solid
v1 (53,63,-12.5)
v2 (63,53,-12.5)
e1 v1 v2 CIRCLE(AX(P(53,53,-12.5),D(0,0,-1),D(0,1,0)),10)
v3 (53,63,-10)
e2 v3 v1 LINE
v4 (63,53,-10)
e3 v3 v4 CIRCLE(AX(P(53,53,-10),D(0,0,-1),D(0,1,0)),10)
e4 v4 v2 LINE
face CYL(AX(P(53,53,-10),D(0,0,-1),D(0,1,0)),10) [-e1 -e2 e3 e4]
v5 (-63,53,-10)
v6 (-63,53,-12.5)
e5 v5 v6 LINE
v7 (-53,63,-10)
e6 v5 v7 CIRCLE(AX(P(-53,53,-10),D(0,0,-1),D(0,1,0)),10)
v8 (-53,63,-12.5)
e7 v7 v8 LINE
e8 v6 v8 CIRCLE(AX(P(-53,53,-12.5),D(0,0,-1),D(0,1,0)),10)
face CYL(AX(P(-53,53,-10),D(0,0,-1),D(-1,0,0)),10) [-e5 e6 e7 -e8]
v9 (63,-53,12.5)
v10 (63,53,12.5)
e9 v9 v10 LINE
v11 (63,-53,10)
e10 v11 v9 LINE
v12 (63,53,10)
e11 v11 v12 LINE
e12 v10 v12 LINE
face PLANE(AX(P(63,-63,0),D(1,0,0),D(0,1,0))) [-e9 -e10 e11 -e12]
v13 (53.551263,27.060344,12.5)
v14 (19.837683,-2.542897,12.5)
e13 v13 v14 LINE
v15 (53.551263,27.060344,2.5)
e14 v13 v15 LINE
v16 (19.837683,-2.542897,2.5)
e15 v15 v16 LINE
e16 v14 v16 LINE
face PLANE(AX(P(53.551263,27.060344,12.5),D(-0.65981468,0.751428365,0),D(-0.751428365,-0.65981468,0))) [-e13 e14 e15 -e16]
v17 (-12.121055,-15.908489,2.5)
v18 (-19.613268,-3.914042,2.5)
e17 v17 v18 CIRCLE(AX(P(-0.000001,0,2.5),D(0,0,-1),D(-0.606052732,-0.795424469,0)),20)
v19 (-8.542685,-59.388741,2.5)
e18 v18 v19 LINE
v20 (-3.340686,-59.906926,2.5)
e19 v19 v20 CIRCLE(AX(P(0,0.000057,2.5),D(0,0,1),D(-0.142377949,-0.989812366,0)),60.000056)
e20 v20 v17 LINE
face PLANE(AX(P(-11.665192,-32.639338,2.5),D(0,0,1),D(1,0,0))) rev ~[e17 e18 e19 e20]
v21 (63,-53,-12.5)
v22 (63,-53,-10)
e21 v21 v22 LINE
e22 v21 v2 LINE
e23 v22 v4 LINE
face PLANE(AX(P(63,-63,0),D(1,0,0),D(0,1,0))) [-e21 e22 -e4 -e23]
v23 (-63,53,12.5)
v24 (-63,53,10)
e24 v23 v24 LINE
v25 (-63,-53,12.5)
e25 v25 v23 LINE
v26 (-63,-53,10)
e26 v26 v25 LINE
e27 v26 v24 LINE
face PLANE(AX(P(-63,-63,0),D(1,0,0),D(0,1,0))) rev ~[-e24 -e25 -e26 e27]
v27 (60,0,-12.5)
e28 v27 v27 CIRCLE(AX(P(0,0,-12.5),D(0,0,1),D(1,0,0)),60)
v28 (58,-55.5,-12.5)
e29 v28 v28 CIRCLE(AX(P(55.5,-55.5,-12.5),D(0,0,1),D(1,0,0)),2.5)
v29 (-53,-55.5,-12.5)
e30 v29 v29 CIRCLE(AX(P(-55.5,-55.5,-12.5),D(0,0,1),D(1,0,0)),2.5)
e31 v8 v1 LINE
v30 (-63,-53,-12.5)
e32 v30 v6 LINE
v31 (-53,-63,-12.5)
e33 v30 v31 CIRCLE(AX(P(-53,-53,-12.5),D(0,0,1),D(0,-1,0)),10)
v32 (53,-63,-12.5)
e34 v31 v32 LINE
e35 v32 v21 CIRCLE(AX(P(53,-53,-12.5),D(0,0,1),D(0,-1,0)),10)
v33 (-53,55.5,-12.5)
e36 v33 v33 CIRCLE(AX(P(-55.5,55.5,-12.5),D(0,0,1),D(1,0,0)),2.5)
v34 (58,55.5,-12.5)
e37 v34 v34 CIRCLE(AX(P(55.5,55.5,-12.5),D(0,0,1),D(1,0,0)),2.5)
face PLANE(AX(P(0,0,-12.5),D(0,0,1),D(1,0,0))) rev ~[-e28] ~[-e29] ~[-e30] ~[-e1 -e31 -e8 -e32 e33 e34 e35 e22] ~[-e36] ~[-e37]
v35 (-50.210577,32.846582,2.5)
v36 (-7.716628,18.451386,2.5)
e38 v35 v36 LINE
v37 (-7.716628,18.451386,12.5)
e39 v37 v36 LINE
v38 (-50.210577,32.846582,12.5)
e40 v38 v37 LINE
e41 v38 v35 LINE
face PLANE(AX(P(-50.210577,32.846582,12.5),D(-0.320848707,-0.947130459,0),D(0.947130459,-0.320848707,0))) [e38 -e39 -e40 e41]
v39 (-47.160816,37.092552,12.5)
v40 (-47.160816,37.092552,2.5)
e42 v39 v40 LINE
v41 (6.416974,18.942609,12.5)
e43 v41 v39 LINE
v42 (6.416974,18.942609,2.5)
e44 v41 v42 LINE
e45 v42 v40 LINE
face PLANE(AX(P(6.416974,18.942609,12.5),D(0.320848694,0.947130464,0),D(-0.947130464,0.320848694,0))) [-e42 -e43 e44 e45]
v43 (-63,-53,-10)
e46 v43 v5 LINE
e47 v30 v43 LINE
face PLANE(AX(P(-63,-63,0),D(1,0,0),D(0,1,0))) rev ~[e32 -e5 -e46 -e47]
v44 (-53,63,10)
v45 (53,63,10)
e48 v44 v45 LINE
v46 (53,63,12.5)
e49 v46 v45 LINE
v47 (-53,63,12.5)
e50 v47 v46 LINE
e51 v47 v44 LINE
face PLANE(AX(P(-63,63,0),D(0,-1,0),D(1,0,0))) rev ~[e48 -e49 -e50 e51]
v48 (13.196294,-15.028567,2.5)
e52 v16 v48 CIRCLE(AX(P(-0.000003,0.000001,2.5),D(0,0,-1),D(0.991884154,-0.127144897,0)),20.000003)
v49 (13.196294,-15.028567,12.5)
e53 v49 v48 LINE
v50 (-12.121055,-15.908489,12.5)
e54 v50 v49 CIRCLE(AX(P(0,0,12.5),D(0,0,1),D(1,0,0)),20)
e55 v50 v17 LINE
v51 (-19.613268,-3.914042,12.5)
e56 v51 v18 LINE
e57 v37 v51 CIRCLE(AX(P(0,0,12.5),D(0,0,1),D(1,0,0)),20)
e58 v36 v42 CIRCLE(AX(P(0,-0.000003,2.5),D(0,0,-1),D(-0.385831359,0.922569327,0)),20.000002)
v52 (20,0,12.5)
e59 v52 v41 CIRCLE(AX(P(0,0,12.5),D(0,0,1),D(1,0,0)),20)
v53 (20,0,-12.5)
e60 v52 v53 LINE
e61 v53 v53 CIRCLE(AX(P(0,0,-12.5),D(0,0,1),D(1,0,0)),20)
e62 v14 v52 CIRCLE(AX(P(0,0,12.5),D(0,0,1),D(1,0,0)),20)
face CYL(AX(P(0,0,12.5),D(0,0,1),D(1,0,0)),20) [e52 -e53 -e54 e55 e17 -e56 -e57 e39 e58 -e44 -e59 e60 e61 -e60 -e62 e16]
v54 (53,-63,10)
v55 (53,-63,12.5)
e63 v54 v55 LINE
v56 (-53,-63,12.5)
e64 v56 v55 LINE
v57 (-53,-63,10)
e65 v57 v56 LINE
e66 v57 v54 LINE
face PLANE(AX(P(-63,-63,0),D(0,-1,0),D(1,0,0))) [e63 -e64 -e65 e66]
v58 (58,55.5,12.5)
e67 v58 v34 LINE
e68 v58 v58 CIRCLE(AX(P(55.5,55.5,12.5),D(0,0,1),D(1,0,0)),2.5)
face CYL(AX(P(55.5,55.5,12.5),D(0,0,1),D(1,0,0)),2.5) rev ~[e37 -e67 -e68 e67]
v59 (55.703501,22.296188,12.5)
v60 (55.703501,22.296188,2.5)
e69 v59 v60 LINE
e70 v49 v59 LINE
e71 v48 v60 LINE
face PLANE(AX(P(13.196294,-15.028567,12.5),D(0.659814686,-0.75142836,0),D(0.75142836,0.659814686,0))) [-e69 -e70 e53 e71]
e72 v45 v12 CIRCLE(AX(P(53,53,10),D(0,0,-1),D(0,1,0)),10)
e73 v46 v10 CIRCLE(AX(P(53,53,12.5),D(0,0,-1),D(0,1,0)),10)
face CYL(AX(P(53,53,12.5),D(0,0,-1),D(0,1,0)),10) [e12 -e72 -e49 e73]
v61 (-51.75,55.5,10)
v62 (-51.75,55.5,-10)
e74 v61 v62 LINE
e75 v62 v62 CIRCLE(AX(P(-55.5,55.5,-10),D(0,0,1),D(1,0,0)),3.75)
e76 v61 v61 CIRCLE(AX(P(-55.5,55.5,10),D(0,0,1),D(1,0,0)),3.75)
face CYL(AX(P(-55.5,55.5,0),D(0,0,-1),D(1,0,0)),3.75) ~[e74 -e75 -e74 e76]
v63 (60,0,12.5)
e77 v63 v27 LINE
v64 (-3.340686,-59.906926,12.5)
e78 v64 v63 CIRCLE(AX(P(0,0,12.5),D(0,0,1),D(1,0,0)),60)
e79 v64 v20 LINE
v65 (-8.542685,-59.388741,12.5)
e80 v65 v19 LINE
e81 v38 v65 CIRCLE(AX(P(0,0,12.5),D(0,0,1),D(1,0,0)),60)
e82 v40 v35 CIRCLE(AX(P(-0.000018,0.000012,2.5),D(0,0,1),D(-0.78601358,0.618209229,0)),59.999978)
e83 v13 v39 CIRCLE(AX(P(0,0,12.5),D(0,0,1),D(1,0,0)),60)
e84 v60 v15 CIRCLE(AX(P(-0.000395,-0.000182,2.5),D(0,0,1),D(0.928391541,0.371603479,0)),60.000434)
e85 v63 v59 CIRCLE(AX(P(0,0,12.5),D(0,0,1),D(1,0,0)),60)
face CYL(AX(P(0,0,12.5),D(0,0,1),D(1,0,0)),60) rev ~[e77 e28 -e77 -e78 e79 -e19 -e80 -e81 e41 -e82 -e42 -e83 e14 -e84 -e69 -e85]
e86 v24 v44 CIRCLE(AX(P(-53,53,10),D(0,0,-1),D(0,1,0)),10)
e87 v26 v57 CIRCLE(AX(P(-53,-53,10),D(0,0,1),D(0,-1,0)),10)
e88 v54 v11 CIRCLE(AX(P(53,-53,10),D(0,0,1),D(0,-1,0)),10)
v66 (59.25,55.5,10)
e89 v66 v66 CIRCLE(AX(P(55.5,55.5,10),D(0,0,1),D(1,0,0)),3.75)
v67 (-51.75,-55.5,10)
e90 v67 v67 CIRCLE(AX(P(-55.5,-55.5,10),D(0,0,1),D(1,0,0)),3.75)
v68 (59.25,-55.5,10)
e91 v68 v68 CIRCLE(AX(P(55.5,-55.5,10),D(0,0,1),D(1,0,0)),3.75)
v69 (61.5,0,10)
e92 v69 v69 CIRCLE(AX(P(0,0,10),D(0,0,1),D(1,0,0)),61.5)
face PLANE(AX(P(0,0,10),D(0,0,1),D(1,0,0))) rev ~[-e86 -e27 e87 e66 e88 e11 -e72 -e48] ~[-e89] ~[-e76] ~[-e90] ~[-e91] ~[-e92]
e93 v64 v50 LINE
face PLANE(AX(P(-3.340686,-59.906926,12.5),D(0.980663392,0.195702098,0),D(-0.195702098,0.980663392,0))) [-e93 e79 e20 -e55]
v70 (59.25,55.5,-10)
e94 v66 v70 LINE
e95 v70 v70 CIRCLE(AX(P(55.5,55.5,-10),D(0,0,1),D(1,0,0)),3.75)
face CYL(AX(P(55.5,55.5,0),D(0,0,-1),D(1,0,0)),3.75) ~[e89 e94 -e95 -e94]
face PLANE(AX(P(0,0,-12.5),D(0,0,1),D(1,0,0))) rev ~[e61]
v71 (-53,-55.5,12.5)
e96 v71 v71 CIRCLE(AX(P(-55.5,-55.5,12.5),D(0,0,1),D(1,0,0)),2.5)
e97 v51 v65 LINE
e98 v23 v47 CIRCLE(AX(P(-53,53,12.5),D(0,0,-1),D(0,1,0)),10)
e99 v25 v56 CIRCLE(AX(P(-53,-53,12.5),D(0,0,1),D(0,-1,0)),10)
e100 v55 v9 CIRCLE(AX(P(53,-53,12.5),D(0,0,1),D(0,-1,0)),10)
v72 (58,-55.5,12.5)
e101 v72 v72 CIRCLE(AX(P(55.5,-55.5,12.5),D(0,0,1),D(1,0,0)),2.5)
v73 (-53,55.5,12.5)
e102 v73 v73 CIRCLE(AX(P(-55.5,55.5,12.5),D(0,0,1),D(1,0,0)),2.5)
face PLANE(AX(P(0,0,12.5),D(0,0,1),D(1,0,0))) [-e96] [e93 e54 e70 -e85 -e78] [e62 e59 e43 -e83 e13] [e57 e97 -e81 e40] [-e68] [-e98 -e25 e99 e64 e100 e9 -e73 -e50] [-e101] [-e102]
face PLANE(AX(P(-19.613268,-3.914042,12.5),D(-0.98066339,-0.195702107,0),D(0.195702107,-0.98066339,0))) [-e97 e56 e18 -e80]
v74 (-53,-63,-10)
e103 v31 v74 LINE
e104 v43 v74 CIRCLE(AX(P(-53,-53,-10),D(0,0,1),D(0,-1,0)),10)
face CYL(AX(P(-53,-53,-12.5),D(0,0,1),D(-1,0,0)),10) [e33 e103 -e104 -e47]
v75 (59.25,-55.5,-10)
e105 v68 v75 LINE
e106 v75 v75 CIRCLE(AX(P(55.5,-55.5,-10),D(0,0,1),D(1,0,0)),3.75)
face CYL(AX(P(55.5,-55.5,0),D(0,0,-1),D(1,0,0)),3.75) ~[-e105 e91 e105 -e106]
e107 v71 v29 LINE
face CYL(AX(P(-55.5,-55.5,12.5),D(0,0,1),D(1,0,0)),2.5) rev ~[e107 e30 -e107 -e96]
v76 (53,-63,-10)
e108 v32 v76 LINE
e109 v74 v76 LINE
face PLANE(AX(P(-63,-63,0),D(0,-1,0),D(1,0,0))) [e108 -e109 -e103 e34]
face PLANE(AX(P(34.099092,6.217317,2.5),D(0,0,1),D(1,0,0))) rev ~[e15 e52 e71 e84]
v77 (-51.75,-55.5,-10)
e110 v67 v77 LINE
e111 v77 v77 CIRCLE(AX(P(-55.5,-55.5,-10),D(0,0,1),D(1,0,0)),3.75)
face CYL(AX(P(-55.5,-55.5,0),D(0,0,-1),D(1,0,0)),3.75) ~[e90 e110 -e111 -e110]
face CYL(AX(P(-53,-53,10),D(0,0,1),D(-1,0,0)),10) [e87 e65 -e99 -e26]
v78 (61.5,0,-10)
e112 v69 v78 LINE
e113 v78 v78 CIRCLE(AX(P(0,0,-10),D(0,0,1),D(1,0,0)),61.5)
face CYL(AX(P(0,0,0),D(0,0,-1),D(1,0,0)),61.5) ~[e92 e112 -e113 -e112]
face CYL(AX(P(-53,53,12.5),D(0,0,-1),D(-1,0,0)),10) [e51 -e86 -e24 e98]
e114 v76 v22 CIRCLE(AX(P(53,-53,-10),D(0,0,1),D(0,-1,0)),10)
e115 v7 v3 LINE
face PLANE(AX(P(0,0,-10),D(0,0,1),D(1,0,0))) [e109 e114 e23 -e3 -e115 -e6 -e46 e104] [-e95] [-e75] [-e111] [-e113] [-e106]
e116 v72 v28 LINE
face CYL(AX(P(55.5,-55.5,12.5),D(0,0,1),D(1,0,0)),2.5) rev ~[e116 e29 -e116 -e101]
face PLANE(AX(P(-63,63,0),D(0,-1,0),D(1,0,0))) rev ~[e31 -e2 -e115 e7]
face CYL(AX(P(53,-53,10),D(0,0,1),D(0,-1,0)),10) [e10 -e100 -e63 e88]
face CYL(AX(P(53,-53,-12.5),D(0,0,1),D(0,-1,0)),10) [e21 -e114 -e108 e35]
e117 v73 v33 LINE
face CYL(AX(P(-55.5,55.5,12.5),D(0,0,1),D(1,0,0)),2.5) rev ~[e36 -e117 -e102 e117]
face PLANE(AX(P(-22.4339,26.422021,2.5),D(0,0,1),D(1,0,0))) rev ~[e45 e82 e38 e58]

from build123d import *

# Parameters (mm, degrees)
F0_W     = 126
F0_H     = 126
F1_DEPTH = 12.5
F6_R     = 60
F6_R_2   = 20
F6_R_3   = 2.5
F7_DEPTH = 25.001
F3_DEPTH = 10
F4_W     = 126
F4_H     = 126
F4_R     = 3.75
F4_R_2   = 61.5
F8_DEPTH = 10
F5_R     = 10


with BuildPart() as f1:
    # F0 (on Top) → F1 (new body, symmetric)
    with BuildSketch(Plane.XY):
        Rectangle(F0_W, F0_H)
    extrude(amount=F1_DEPTH, both=True)

    # F6 (on face) → F7 (cut, through all)
    with BuildSketch(Plane.XY.offset(12.5)):
        Circle(F6_R)
        Circle(F6_R_2, mode=Mode.SUBTRACT)
        with Locations((55.5, -55.5)):
            Circle(F6_R_3)
        with Locations((-55.5, -55.5)):
            Circle(F6_R_3)
        with Locations((-55.5, 55.5)):
            Circle(F6_R_3)
        with Locations((55.5, 55.5)):
            Circle(F6_R_3)
    extrude(amount=-F7_DEPTH, mode=Mode.SUBTRACT)

    # F2 (on face) → F3 (join)
    with BuildSketch(Plane.XY.offset(12.5)):
        with BuildLine():
            Line((6.416974, 18.942609), (-47.160816, 37.092552))
            ThreePointArc((-47.160816, 37.092552), (-48.731962, 35.002798), (-50.210577, 32.846582))
            Line((-50.210577, 32.846582), (-7.716628, 18.451386))
            ThreePointArc((-7.716628, 18.451386), (-0.694694, 19.987931), (6.416974, 18.942609))
        make_face()
        with BuildLine():
            ThreePointArc((-8.542685, -59.388741), (-5.947332, -59.704516), (-3.340686, -59.906926))
            Line((-3.340686, -59.906926), (-12.121055, -15.908489))
            ThreePointArc((-12.121055, -15.908489), (-16.962709, -10.595589), (-19.613268, -3.914042))
            Line((-19.613268, -3.914042), (-8.542685, -59.388741))
        make_face()
        with BuildLine():
            ThreePointArc((55.703501, 22.296188), (54.679293, 24.701718), (53.551263, 27.060344))
            Line((53.551263, 27.060344), (19.837683, -2.542897))
            ThreePointArc((19.837683, -2.542897), (17.657403, -9.392343), (13.196294, -15.028567))
            Line((13.196294, -15.028567), (55.703501, 22.296188))
        make_face()
    extrude(amount=-F3_DEPTH)

    # F4 (on Top) → F8 (cut, symmetric)
    with BuildSketch(Plane.XY):
        Rectangle(F4_W, F4_H)
        with Locations((-55.5, -55.5)):
            Circle(F4_R, mode=Mode.SUBTRACT)
        with Locations((55.5, -55.5)):
            Circle(F4_R, mode=Mode.SUBTRACT)
        with Locations((-55.5, 55.5)):
            Circle(F4_R, mode=Mode.SUBTRACT)
        Circle(F4_R_2, mode=Mode.SUBTRACT)
        with Locations((55.5, 55.5)):
            Circle(F4_R, mode=Mode.SUBTRACT)
    extrude(amount=F8_DEPTH, both=True, mode=Mode.SUBTRACT)

    # F5
    f5_edges = [f1.edges().sort_by_distance(p)[0] for p in [
        (63, 63, -11.25),
        (63, 63, 11.25),
        (-63, 63, -11.25),
        (-63, 63, 11.25),
        (-63, -63, -11.25),
        (-63, -63, 11.25),
        (63, -63, -11.25),
        (63, -63, 11.25),
    ]]
    fillet(f5_edges, radius=F5_R)


solid = f1.part
